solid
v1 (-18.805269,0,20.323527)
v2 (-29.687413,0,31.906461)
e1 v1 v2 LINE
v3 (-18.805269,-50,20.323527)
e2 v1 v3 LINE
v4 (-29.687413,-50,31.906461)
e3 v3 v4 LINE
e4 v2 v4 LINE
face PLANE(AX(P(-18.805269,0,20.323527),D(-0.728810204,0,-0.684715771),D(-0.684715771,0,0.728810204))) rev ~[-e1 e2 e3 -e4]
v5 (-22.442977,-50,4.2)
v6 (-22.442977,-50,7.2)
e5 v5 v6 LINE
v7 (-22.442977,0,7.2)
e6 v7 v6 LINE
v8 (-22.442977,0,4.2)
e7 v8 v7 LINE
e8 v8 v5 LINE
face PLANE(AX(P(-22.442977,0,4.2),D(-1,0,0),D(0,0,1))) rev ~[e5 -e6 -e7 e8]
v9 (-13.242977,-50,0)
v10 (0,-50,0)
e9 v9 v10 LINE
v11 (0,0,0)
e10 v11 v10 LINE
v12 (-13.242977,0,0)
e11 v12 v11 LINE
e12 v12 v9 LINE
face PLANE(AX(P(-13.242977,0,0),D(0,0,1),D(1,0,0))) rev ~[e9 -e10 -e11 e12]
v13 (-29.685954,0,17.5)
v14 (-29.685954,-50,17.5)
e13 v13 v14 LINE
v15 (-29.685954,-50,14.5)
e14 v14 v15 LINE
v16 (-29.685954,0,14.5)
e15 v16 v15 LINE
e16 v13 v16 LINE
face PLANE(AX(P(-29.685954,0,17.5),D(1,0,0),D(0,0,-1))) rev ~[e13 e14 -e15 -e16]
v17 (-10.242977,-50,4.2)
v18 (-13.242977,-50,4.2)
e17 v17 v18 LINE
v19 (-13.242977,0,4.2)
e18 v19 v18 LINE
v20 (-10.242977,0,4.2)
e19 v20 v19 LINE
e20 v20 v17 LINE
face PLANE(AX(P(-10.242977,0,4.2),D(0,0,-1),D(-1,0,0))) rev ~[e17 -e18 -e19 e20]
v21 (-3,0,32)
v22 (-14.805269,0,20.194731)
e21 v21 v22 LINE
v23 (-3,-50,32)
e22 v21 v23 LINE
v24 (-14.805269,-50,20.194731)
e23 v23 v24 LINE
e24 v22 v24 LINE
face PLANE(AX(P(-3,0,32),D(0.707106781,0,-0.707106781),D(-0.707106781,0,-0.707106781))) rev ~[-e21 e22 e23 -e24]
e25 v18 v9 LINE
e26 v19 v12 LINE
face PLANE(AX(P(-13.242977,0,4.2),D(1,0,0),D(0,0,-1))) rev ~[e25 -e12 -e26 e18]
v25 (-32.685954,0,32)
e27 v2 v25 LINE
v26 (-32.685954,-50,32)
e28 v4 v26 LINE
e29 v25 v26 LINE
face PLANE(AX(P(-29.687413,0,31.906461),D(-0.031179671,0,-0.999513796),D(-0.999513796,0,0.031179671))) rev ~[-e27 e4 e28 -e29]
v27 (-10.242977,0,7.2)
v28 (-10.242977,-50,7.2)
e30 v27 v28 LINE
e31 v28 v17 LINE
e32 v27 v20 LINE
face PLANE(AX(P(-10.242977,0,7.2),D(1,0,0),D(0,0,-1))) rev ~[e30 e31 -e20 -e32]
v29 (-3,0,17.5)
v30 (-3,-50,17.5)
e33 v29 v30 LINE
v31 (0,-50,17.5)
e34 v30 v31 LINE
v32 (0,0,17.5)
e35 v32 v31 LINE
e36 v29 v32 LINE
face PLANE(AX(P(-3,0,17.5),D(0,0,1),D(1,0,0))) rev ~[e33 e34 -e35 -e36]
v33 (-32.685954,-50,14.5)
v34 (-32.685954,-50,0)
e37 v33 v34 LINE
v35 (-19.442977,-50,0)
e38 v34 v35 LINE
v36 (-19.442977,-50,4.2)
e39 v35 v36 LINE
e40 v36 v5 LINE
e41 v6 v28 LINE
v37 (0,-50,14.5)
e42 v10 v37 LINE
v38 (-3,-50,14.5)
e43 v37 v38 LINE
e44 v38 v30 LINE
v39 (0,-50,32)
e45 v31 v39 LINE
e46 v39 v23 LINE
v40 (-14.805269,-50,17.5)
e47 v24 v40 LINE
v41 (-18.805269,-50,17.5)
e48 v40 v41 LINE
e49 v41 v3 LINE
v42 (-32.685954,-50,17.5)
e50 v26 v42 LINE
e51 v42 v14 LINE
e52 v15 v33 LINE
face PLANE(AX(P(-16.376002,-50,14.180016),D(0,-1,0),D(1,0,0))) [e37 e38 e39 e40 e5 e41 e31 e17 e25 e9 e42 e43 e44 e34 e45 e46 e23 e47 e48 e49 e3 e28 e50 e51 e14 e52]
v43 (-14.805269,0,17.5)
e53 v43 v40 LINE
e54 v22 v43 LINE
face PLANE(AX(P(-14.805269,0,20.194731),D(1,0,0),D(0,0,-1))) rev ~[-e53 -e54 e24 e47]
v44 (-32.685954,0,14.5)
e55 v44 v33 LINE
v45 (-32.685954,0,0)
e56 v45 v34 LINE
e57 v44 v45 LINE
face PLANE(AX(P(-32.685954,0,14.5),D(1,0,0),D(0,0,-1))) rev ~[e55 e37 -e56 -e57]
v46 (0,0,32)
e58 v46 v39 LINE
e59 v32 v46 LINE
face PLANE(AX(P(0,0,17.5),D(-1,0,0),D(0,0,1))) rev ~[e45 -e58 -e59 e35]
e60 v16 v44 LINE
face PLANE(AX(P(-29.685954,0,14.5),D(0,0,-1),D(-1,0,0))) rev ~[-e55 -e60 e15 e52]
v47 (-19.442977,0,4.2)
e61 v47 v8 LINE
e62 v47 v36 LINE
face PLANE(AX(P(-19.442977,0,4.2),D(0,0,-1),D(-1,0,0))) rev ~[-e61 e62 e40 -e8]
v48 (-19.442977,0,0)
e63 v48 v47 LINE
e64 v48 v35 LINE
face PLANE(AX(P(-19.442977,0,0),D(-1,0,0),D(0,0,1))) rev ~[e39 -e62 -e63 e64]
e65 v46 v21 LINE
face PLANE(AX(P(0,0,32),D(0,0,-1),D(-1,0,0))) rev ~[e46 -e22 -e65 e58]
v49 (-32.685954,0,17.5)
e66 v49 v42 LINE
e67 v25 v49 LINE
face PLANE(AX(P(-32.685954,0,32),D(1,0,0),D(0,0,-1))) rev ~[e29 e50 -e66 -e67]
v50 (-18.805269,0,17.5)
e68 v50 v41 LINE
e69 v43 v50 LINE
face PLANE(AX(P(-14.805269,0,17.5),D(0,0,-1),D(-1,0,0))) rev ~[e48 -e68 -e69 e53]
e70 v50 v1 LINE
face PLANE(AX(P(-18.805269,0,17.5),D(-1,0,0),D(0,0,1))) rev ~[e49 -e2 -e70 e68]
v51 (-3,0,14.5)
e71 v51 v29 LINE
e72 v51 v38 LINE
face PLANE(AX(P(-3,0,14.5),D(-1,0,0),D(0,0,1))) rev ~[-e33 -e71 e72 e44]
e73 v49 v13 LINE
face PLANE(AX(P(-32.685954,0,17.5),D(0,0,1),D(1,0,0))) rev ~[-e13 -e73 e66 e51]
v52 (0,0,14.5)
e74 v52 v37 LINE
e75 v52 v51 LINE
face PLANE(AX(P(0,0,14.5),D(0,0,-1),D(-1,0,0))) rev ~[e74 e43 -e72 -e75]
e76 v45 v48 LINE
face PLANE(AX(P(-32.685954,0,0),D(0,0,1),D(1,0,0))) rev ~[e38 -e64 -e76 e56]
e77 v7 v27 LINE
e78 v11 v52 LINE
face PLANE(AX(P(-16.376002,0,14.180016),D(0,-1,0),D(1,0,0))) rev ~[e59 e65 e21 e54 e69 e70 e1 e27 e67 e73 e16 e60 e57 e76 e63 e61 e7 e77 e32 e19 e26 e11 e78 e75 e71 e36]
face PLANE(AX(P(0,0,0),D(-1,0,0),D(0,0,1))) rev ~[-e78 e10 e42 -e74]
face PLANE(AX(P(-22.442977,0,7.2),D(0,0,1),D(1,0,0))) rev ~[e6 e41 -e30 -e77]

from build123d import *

# Parameters (mm, degrees)
F1_DEPTH = 50


with BuildPart() as f1:
    # F0 (on Front) → F1 (new body)
    with BuildSketch(Plane.XZ):
        Polygon((-13.242977, 0), (0, 0), (0, 14.5), (-3, 14.5), (-3, 17.5), (0, 17.5), (0, 32), (-3, 32), (-14.805269, 20.194731), (-14.805269, 17.5), (-16.805269, 17.5), (-18.805269, 17.5), (-18.805269, 20.323527), (-29.687413, 31.906461), (-32.685954, 32), (-32.685954, 17.5), (-29.685954, 17.5), (-29.685954, 14.5), (-32.685954, 14.5), (-32.685954, 0), (-19.442977, 0), (-19.442977, 4.2), (-22.442977, 4.2), (-22.442977, 7.2), (-10.242977, 7.2), (-10.242977, 4.2), (-13.242977, 4.2), align=None)
    extrude(amount=F1_DEPTH)


solid = f1.part
